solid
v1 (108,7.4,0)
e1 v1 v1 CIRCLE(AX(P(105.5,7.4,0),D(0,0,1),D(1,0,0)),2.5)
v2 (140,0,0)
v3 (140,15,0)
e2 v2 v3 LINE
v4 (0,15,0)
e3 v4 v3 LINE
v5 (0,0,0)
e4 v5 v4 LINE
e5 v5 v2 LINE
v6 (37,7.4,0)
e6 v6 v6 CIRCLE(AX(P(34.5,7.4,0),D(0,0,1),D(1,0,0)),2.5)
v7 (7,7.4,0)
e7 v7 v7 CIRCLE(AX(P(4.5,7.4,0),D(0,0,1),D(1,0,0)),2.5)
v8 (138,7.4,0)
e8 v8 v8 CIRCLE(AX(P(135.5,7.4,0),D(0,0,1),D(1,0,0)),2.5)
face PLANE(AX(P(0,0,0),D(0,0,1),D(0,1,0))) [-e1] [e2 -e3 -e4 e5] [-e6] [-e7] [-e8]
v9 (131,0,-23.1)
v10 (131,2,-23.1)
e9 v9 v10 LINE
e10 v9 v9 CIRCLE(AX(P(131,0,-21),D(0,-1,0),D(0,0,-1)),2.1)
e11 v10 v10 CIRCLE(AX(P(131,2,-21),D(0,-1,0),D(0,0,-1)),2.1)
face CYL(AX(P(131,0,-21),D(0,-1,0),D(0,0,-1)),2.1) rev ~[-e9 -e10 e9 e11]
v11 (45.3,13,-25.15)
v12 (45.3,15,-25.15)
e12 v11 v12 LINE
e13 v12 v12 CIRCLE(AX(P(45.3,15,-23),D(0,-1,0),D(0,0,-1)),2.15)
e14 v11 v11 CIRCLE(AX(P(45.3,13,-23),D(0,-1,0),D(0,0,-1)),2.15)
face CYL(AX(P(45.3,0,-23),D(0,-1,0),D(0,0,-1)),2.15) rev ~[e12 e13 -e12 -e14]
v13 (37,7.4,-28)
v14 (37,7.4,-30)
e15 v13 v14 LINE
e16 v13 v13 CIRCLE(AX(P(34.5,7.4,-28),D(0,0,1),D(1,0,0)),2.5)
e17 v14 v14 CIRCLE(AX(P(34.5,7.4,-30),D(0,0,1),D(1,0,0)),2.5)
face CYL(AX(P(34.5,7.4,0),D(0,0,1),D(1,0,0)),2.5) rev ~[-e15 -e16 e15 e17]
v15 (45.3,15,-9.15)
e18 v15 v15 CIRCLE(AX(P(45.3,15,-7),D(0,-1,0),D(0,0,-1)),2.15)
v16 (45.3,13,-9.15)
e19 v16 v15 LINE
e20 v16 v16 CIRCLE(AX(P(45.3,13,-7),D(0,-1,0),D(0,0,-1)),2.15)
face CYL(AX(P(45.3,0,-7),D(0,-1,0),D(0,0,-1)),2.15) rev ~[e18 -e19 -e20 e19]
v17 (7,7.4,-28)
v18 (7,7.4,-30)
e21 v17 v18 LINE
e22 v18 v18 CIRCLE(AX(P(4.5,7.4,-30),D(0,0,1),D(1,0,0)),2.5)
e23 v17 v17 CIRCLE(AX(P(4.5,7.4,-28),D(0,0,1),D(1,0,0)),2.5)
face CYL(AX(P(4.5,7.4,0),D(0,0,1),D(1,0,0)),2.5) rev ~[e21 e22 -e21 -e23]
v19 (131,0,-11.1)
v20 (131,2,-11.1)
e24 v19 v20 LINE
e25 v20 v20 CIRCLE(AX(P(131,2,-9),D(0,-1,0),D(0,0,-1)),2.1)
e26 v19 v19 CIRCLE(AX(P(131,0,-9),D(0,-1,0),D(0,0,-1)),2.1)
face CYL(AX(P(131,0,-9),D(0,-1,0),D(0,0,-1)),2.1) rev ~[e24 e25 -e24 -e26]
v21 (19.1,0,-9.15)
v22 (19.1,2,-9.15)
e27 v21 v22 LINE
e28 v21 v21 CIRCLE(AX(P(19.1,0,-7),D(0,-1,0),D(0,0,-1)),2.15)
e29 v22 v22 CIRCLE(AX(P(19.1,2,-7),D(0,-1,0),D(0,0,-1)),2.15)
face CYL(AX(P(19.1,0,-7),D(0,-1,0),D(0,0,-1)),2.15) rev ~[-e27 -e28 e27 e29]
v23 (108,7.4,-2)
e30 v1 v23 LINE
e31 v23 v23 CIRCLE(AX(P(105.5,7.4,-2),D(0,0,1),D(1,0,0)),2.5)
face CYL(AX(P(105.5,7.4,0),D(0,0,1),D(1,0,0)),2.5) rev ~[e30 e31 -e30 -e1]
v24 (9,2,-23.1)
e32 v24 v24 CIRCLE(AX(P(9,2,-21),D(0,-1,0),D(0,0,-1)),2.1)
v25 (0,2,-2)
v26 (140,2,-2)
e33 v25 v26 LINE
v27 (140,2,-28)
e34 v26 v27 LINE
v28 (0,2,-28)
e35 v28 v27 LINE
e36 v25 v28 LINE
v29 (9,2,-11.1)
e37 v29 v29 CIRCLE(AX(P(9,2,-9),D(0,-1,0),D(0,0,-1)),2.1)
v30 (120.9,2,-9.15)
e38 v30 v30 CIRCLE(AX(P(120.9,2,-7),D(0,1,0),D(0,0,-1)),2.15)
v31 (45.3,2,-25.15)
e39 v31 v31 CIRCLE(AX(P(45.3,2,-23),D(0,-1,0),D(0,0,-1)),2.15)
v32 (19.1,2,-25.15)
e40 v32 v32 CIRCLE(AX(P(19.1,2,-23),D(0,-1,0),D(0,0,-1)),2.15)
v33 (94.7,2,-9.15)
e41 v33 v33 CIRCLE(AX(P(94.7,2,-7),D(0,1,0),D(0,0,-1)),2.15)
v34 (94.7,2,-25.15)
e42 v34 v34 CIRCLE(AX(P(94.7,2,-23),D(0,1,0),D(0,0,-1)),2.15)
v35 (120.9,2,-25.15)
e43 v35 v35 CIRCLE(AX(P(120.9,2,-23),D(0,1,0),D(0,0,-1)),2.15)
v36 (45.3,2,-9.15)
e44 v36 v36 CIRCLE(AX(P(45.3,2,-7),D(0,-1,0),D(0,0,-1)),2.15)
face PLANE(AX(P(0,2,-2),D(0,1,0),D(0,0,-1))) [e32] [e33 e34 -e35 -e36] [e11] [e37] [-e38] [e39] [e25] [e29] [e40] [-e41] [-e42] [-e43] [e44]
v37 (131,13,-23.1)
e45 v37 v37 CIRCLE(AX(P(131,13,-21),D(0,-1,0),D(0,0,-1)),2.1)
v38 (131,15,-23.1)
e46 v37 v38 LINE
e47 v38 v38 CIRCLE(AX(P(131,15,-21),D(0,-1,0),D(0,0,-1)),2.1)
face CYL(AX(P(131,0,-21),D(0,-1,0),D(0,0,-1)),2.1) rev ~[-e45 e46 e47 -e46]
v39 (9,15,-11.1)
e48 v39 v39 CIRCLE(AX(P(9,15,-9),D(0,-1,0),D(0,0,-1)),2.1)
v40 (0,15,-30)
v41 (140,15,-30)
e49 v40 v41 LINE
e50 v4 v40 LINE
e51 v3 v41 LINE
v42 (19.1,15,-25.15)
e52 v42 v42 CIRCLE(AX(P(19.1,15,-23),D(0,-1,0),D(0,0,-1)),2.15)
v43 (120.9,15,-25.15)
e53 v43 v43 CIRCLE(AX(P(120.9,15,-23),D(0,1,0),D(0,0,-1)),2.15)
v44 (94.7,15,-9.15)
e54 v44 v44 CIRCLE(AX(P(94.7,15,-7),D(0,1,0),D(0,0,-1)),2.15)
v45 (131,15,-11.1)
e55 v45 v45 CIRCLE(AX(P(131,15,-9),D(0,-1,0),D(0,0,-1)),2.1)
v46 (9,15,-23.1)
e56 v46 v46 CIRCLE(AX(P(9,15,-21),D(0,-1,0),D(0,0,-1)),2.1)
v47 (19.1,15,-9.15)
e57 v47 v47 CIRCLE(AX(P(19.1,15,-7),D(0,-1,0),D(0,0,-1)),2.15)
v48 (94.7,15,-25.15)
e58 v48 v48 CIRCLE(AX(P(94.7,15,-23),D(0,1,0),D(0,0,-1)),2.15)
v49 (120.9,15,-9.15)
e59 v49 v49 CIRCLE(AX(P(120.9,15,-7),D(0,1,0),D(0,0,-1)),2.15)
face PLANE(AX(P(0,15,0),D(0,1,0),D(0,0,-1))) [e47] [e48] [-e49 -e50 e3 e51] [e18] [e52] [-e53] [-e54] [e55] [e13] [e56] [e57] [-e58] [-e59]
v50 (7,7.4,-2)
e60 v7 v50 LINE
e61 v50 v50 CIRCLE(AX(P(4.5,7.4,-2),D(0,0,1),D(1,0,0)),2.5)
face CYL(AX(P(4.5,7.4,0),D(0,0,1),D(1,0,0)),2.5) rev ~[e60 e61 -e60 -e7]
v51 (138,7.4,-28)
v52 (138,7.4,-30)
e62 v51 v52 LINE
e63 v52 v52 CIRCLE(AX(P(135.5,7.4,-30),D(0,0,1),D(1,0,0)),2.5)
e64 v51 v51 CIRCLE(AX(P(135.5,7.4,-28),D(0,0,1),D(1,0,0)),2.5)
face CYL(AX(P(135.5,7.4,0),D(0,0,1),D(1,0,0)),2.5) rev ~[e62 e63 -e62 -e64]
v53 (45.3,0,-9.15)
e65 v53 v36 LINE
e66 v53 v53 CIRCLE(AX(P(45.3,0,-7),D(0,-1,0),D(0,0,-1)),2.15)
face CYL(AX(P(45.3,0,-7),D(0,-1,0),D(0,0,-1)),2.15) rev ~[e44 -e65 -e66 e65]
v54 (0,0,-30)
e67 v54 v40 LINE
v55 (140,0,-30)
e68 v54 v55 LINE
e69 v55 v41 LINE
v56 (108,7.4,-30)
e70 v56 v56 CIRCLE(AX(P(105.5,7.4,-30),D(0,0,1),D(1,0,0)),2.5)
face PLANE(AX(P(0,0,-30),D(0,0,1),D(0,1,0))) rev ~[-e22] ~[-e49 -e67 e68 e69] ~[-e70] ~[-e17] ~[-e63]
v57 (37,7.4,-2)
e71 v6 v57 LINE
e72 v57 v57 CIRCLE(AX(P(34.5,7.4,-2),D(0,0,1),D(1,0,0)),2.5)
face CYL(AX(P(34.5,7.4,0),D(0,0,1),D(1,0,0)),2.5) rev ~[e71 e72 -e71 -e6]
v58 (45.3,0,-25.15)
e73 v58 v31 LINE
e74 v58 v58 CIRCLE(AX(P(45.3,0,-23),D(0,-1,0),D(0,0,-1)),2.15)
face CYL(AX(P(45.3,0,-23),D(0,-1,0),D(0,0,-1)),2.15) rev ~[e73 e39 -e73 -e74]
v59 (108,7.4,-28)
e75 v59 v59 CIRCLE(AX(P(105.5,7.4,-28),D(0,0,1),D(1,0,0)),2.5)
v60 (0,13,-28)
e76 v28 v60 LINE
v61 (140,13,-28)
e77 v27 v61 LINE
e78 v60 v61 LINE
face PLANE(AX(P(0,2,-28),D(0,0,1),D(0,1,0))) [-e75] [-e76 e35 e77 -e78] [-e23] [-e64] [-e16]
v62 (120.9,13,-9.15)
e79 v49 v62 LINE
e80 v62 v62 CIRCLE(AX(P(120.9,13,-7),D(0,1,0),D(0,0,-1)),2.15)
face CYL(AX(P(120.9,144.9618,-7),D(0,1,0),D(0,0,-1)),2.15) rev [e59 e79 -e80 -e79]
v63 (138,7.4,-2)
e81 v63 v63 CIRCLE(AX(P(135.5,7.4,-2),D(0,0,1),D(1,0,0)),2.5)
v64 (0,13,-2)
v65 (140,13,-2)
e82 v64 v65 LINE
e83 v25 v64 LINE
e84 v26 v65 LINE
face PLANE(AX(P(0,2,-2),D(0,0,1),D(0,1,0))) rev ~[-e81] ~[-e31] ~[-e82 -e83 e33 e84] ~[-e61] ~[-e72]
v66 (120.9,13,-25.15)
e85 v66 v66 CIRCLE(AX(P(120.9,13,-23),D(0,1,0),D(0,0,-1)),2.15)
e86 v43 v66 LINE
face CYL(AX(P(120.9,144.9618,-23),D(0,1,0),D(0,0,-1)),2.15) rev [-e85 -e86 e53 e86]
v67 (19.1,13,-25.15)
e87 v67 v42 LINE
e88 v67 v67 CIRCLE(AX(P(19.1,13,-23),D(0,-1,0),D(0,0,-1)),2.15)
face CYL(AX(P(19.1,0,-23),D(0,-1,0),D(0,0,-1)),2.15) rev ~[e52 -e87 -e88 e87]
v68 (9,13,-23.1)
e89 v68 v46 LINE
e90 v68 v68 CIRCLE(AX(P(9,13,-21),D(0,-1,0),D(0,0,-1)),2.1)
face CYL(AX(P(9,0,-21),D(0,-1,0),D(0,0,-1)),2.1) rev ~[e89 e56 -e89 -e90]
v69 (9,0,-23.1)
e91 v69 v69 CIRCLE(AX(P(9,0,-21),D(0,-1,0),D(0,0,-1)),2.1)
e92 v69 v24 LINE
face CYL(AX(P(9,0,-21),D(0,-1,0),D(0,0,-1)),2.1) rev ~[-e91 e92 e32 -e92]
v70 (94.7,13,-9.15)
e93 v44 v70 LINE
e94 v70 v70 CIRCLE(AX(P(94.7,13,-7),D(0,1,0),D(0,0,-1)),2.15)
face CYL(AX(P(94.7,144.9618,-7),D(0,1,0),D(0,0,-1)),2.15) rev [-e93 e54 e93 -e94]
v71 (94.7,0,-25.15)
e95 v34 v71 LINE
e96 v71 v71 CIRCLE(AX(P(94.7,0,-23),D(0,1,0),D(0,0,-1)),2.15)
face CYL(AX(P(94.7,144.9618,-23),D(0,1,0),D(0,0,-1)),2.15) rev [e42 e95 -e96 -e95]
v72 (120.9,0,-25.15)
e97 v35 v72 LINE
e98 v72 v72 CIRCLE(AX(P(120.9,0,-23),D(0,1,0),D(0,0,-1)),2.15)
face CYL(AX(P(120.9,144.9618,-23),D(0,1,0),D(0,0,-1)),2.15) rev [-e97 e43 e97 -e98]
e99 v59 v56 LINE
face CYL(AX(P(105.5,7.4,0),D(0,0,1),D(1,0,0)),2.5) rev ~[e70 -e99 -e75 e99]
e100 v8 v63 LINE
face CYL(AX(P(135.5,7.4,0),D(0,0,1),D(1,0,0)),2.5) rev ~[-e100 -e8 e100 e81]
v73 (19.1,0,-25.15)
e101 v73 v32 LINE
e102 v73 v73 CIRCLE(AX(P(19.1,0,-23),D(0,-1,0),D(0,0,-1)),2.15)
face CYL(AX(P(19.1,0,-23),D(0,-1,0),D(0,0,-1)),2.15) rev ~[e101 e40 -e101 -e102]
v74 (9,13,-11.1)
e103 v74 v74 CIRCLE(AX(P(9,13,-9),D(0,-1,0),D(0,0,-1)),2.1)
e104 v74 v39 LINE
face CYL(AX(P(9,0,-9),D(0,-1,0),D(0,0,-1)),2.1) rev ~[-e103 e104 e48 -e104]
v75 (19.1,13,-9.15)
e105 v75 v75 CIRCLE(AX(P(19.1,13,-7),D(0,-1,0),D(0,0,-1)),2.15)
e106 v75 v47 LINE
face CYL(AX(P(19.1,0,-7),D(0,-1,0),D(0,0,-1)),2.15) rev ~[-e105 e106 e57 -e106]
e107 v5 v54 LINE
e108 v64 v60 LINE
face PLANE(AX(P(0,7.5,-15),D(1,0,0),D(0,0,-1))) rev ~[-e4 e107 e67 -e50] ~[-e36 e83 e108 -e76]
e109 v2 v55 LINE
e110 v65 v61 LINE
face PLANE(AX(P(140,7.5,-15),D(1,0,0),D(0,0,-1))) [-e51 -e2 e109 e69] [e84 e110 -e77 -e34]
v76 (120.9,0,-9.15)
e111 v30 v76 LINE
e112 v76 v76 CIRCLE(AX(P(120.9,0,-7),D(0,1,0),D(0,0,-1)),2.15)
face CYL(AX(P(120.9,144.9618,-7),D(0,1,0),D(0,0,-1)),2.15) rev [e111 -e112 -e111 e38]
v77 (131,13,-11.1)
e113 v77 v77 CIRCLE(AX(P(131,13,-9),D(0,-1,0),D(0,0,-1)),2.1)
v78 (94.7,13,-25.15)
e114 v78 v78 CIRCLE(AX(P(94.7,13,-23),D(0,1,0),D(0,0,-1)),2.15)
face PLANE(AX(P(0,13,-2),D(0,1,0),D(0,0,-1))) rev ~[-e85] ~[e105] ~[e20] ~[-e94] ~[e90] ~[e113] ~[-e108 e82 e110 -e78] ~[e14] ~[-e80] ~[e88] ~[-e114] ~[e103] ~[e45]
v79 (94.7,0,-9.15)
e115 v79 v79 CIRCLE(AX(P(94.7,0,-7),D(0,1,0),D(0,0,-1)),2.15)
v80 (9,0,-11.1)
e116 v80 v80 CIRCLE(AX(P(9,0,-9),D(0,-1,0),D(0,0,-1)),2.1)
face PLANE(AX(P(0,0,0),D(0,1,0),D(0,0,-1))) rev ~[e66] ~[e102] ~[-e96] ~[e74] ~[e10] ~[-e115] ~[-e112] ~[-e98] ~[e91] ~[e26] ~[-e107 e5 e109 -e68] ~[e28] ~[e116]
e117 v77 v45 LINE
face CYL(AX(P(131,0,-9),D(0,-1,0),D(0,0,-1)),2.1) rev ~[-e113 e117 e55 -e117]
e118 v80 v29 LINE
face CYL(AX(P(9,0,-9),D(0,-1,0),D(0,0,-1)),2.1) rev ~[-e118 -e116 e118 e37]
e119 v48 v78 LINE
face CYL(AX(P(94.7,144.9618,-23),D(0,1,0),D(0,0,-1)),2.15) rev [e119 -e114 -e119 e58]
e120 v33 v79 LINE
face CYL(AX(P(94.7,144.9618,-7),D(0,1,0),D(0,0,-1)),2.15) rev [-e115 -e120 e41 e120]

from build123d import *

# Parameters (mm, degrees)
SKETCH_1_W               = 30
SKETCH_1_H               = 15
SKETCH_1_W_2             = 26
SKETCH_1_H_2             = 11
EXTRUDE_1_DEPTH          = 140
SKETCH_2_R               = 2.15
CUT_EXTRUDE_1_DEPTH      = 144.961800489
CUT_EXTRUDE_2_DEPTH      = 144.961800489
CUT_EXTRUDE_2_DEPTH_BACK = 144.961800489
SKETCH_3_R               = 2.15
SKETCH_4_R               = 2.1
CUT_EXTRUDE_3_DEPTH      = 144.961800489
SKETCH_5_R               = 2.1
CUT_EXTRUDE_4_DEPTH      = 144.961800489
SKETCH_6_R               = 2.5
CUT_EXTRUDE_5_DEPTH      = 144.961800489


with BuildPart() as part:
    # 草图1 → 凸台-拉伸1 (new body)
    with BuildSketch(Plane(origin=(0, 0, 0), x_dir=(0, 0, -1), z_dir=(1, 0, 0))):
        with Locations((15, 7.5)):
            Rectangle(SKETCH_1_W, SKETCH_1_H)
        with Locations((15, 7.5)):
            Rectangle(SKETCH_1_W_2, SKETCH_1_H_2, mode=Mode.SUBTRACT)
    extrude(amount=EXTRUDE_1_DEPTH)

    # 草图2 → 切除-拉伸1 (cut, through all)
    with BuildSketch(Plane.XZ):
        with Locations(Location((19.1, -7, 0), (0, 0, 270))):
            Circle(SKETCH_2_R)
        with Locations(Location((19.1, -23, 0), (0, 0, 270))):
            Circle(SKETCH_2_R)
        with Locations(Location((45.3, -23, 0), (0, 0, 270))):
            Circle(SKETCH_2_R)
        with Locations(Location((45.3, -7, 0), (0, 0, 270))):
            Circle(SKETCH_2_R)
    extrude(amount=-CUT_EXTRUDE_1_DEPTH, mode=Mode.SUBTRACT)

    # 草图3 → 切除-拉伸2 (cut, two sides: drawn at the far end of the back side and taken through both)
    with BuildSketch(Plane.XZ.offset(-CUT_EXTRUDE_2_DEPTH_BACK)):
        with Locations(Location((94.7, -7, 0), (0, 0, 270))):
            Circle(SKETCH_3_R)
        with Locations(Location((120.9, -7, 0), (0, 0, 270))):
            Circle(SKETCH_3_R)
        with Locations(Location((120.9, -23, 0), (0, 0, 270))):
            Circle(SKETCH_3_R)
        with Locations(Location((94.7, -23, 0), (0, 0, 270))):
            Circle(SKETCH_3_R)
    extrude(amount=CUT_EXTRUDE_2_DEPTH + CUT_EXTRUDE_2_DEPTH_BACK, mode=Mode.SUBTRACT)

    # 草图4 → 切除-拉伸3 (cut, through all)
    with BuildSketch(Plane.XZ):
        with Locations(Location((131, -9, 0), (0, 0, 270))):
            Circle(SKETCH_4_R)
        with Locations(Location((131, -21, 0), (0, 0, 270))):
            Circle(SKETCH_4_R)
    extrude(amount=-CUT_EXTRUDE_3_DEPTH, mode=Mode.SUBTRACT)

    # 草图5 → 切除-拉伸4 (cut, through all)
    with BuildSketch(Plane.XZ):
        with Locations(Location((9, -9, 0), (0, 0, 270))):
            Circle(SKETCH_5_R)
        with Locations(Location((9, -21, 0), (0, 0, 270))):
            Circle(SKETCH_5_R)
    extrude(amount=-CUT_EXTRUDE_4_DEPTH, mode=Mode.SUBTRACT)

    # 草图6 → 切除-拉伸5 (cut, through all)
    with BuildSketch(Plane.XY):
        with Locations((4.5, 7.4)):
            Circle(SKETCH_6_R)
        with Locations((34.5, 7.4)):
            Circle(SKETCH_6_R)
        with Locations((105.5, 7.4)):
            Circle(SKETCH_6_R)
        with Locations((135.5, 7.4)):
            Circle(SKETCH_6_R)
    extrude(amount=-CUT_EXTRUDE_5_DEPTH, mode=Mode.SUBTRACT)


solid = part.part
